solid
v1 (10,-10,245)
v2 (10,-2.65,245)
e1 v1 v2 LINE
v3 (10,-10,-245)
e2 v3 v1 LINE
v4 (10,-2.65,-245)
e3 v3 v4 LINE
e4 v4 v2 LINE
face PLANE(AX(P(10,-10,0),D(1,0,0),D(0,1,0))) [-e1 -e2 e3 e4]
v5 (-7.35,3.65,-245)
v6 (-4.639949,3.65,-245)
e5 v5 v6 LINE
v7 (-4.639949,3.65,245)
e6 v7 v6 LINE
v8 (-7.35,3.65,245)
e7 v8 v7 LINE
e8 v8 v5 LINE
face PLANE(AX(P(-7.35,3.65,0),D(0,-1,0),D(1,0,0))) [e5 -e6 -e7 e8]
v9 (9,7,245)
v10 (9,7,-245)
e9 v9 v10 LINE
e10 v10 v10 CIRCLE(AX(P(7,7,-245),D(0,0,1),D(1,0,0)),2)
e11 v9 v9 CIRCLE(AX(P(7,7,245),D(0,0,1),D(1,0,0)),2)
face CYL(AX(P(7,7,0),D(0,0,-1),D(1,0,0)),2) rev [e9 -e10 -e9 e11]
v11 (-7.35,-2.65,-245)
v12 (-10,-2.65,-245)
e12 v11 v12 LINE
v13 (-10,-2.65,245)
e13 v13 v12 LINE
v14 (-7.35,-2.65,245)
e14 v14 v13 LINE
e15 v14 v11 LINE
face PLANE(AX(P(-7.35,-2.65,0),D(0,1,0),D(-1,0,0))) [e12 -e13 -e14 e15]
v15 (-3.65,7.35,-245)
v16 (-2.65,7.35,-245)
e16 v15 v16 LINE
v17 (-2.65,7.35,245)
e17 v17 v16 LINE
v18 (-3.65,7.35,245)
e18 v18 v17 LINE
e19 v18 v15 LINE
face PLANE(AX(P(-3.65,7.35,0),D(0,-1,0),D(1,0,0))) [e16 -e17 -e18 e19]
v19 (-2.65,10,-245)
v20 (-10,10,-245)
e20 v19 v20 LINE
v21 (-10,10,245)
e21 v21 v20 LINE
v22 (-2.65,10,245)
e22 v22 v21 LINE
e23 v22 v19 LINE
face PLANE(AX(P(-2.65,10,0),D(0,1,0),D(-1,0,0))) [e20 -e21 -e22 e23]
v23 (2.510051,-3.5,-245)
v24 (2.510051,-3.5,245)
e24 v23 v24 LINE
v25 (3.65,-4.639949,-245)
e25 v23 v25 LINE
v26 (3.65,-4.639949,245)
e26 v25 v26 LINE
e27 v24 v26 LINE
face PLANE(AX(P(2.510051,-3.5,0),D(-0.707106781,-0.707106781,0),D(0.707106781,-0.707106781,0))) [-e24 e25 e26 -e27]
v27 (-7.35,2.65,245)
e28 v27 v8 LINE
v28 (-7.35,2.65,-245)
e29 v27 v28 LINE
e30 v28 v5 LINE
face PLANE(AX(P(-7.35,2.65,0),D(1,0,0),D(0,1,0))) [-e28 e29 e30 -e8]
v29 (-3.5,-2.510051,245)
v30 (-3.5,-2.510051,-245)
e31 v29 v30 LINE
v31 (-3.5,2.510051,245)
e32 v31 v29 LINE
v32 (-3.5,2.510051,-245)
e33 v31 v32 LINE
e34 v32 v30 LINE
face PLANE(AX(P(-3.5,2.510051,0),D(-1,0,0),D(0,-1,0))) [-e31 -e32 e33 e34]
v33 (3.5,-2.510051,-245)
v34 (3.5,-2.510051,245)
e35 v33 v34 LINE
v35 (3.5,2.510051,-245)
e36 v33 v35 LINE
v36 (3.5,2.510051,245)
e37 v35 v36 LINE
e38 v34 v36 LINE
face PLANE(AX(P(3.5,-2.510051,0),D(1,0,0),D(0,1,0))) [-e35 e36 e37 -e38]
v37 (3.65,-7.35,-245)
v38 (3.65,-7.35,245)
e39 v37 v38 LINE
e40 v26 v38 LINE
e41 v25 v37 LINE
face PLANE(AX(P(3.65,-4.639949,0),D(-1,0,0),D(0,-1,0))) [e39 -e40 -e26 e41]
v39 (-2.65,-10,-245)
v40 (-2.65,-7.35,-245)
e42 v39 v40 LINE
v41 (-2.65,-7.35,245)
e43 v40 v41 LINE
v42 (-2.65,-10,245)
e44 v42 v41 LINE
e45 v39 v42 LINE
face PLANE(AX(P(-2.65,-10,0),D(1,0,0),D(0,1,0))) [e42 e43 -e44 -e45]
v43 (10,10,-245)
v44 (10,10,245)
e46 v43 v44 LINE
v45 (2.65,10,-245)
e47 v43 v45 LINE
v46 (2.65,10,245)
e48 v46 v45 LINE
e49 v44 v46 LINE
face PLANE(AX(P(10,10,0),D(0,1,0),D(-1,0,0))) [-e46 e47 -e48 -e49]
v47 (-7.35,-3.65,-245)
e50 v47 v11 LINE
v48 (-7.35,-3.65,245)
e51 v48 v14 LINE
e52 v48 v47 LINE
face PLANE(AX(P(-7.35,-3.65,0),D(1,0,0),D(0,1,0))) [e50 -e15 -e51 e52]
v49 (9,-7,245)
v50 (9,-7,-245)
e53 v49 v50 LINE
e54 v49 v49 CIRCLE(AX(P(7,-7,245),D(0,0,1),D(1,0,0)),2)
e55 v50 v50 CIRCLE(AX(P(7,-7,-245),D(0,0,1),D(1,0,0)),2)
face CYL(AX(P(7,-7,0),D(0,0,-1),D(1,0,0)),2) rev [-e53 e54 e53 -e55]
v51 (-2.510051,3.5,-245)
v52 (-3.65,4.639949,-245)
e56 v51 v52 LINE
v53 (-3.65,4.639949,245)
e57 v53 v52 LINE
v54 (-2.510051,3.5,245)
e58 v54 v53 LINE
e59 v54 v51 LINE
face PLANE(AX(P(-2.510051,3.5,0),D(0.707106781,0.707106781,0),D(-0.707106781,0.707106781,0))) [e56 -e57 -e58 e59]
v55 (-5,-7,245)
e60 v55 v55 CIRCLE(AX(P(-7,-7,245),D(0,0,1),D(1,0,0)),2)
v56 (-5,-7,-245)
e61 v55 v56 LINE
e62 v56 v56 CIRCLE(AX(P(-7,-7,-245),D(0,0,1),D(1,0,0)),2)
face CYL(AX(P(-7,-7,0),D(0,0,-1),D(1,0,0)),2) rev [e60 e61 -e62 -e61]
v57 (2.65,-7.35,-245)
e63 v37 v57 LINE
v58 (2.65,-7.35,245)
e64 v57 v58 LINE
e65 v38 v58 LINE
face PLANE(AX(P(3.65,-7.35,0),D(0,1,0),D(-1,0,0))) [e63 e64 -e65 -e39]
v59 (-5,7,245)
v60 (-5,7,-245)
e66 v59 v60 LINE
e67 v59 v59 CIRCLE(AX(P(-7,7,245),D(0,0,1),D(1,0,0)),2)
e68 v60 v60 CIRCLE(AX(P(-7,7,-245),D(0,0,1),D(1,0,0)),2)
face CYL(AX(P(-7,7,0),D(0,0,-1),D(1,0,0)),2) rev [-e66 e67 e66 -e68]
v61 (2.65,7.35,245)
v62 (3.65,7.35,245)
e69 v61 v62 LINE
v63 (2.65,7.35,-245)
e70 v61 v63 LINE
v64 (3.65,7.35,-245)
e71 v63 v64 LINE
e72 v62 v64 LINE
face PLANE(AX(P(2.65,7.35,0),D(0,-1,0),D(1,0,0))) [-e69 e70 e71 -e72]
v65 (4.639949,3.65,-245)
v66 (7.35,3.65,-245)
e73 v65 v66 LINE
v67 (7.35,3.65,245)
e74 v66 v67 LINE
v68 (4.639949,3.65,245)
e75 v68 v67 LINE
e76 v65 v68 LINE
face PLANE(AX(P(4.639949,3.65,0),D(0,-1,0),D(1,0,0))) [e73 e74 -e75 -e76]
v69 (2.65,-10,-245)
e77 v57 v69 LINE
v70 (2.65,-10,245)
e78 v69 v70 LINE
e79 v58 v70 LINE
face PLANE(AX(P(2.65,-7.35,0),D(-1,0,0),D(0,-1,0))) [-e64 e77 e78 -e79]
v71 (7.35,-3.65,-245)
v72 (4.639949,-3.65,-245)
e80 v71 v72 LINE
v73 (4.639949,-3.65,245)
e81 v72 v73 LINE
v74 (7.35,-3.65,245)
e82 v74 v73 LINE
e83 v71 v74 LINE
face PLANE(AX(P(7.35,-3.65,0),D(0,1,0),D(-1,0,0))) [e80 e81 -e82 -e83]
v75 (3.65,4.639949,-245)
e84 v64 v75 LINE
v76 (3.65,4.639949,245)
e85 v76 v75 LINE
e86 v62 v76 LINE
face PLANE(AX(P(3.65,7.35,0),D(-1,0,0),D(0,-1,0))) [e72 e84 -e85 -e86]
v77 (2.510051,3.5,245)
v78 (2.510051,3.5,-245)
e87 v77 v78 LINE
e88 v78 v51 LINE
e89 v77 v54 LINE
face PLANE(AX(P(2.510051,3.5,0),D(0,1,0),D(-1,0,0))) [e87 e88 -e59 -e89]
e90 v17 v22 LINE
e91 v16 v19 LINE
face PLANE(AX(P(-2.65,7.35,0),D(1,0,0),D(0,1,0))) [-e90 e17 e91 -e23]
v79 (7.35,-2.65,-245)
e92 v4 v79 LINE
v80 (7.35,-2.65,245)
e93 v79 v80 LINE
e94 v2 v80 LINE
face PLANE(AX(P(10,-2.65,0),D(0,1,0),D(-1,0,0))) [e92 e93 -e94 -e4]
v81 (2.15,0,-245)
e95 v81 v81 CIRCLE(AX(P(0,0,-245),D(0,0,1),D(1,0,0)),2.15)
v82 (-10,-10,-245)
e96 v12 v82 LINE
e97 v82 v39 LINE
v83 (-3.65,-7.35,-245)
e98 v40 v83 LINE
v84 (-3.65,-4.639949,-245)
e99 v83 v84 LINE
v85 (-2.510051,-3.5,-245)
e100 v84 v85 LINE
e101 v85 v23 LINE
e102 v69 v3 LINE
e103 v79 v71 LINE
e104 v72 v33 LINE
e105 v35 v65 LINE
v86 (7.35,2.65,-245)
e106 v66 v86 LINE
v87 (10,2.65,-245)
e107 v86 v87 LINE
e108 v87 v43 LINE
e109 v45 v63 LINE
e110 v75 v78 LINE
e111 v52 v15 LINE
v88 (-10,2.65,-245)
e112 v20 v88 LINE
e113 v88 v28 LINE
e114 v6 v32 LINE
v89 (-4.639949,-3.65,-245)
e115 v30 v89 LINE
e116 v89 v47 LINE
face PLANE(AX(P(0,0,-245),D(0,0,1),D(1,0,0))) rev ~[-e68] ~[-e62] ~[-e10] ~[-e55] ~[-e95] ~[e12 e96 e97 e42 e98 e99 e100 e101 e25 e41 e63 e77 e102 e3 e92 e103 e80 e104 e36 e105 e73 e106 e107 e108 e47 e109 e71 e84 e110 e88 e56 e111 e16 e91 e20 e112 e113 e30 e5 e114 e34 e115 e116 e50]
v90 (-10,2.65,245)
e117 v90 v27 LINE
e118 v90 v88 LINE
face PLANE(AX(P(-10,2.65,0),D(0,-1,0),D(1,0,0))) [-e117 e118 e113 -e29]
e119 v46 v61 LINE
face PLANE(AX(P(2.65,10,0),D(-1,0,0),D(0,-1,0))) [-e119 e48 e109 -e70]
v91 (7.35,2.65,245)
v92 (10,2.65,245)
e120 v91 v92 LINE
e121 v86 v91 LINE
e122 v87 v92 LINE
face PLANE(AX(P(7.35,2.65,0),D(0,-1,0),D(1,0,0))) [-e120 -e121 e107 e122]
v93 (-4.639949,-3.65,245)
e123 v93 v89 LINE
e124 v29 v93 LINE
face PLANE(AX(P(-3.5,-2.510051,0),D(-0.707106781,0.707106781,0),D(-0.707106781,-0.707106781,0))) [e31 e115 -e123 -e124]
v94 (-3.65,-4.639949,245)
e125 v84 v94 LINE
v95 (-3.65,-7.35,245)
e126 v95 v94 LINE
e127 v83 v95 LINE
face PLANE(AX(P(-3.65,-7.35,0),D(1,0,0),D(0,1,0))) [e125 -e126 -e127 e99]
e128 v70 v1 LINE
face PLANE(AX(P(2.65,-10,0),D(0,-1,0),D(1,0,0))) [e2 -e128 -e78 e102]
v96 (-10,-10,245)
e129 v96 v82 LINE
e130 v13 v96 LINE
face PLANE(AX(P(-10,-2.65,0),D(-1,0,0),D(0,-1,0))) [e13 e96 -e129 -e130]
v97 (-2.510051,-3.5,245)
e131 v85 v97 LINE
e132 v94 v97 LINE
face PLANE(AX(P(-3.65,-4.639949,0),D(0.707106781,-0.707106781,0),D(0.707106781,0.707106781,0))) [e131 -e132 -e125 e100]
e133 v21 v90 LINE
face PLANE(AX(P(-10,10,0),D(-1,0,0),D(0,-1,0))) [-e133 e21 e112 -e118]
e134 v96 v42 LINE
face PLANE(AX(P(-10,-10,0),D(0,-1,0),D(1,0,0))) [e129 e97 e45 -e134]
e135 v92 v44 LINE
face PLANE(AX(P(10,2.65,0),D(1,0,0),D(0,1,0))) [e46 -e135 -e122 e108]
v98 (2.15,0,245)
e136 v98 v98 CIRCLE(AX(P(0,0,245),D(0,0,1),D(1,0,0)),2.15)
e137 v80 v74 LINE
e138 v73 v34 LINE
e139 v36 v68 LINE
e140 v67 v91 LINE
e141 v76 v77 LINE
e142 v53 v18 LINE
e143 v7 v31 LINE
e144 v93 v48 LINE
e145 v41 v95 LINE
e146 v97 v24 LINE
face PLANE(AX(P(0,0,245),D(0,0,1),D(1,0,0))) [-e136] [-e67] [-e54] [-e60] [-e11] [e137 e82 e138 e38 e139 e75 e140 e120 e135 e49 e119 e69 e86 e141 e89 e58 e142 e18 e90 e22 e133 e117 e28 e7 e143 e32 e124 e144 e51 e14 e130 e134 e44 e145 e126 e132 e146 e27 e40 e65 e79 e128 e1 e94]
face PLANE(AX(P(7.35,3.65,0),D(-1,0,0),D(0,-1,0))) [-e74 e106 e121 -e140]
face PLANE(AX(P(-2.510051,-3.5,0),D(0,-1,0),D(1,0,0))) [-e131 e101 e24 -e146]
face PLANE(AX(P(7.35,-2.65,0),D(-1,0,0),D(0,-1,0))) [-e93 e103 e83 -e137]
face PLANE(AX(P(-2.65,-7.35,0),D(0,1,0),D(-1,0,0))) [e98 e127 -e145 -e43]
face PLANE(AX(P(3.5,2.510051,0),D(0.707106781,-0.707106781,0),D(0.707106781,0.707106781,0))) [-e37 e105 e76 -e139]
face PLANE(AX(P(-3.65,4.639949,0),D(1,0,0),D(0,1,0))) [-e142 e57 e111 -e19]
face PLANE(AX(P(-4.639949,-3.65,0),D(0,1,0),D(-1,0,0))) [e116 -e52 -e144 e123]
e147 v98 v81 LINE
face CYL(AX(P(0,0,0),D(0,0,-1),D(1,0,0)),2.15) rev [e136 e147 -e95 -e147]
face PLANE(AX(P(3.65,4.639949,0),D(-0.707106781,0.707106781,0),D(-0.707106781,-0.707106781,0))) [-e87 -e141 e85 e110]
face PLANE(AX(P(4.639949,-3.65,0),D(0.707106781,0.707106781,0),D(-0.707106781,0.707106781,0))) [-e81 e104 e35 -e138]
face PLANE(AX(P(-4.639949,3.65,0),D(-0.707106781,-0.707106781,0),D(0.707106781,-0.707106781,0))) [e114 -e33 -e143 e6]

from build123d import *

# Parameters (mm, degrees)
SKETCH_1_R      = 2
SKETCH_1_R_2    = 2.15
EXTRUDE_1_DEPTH = 245


with BuildPart() as part:
    # 스케치1 → 보스-돌출1 (new, symmetric)
    with BuildSketch(Plane.XY):
        Polygon((-10, -10), (-2.65, -10), (-2.65, -7.35), (-3.65, -7.35), (-3.65, -4.639949494), (-2.510050506, -3.5), (0, -3.5), (2.510050506, -3.5), (3.65, -4.639949494), (3.65, -7.35), (2.65, -7.35), (2.65, -10), (10, -10), (10, -2.65), (7.35, -2.65), (7.35, -3.65), (4.639949494, -3.65), (3.5, -2.510050506), (3.5, 0), (3.5, 2.510050506), (4.639949494, 3.65), (7.35, 3.65), (7.35, 2.65), (10, 2.65), (10, 10), (2.65, 10), (2.65, 7.35), (3.65, 7.35), (3.65, 4.639949494), (2.510050506, 3.5), (0, 3.5), (-2.510050506, 3.5), (-3.65, 4.639949494), (-3.65, 7.35), (-2.65, 7.35), (-2.65, 10), (-10, 10), (-10, 2.65), (-7.35, 2.65), (-7.35, 3.65), (-4.639949494, 3.65), (-3.5, 2.510050506), (-3.5, 0), (-3.5, -2.510050506), (-4.639949494, -3.65), (-7.35, -3.65), (-7.35, -2.65), (-10, -2.65), align=None)
        with Locations((-7, 7)):
            Circle(SKETCH_1_R, mode=Mode.SUBTRACT)
        Circle(SKETCH_1_R_2, mode=Mode.SUBTRACT)
        with Locations((7, 7)):
            Circle(SKETCH_1_R, mode=Mode.SUBTRACT)
        with Locations((-7, -7)):
            Circle(SKETCH_1_R, mode=Mode.SUBTRACT)
        with Locations((7, -7)):
            Circle(SKETCH_1_R, mode=Mode.SUBTRACT)
    extrude(amount=EXTRUDE_1_DEPTH, both=True)


solid = part.part
